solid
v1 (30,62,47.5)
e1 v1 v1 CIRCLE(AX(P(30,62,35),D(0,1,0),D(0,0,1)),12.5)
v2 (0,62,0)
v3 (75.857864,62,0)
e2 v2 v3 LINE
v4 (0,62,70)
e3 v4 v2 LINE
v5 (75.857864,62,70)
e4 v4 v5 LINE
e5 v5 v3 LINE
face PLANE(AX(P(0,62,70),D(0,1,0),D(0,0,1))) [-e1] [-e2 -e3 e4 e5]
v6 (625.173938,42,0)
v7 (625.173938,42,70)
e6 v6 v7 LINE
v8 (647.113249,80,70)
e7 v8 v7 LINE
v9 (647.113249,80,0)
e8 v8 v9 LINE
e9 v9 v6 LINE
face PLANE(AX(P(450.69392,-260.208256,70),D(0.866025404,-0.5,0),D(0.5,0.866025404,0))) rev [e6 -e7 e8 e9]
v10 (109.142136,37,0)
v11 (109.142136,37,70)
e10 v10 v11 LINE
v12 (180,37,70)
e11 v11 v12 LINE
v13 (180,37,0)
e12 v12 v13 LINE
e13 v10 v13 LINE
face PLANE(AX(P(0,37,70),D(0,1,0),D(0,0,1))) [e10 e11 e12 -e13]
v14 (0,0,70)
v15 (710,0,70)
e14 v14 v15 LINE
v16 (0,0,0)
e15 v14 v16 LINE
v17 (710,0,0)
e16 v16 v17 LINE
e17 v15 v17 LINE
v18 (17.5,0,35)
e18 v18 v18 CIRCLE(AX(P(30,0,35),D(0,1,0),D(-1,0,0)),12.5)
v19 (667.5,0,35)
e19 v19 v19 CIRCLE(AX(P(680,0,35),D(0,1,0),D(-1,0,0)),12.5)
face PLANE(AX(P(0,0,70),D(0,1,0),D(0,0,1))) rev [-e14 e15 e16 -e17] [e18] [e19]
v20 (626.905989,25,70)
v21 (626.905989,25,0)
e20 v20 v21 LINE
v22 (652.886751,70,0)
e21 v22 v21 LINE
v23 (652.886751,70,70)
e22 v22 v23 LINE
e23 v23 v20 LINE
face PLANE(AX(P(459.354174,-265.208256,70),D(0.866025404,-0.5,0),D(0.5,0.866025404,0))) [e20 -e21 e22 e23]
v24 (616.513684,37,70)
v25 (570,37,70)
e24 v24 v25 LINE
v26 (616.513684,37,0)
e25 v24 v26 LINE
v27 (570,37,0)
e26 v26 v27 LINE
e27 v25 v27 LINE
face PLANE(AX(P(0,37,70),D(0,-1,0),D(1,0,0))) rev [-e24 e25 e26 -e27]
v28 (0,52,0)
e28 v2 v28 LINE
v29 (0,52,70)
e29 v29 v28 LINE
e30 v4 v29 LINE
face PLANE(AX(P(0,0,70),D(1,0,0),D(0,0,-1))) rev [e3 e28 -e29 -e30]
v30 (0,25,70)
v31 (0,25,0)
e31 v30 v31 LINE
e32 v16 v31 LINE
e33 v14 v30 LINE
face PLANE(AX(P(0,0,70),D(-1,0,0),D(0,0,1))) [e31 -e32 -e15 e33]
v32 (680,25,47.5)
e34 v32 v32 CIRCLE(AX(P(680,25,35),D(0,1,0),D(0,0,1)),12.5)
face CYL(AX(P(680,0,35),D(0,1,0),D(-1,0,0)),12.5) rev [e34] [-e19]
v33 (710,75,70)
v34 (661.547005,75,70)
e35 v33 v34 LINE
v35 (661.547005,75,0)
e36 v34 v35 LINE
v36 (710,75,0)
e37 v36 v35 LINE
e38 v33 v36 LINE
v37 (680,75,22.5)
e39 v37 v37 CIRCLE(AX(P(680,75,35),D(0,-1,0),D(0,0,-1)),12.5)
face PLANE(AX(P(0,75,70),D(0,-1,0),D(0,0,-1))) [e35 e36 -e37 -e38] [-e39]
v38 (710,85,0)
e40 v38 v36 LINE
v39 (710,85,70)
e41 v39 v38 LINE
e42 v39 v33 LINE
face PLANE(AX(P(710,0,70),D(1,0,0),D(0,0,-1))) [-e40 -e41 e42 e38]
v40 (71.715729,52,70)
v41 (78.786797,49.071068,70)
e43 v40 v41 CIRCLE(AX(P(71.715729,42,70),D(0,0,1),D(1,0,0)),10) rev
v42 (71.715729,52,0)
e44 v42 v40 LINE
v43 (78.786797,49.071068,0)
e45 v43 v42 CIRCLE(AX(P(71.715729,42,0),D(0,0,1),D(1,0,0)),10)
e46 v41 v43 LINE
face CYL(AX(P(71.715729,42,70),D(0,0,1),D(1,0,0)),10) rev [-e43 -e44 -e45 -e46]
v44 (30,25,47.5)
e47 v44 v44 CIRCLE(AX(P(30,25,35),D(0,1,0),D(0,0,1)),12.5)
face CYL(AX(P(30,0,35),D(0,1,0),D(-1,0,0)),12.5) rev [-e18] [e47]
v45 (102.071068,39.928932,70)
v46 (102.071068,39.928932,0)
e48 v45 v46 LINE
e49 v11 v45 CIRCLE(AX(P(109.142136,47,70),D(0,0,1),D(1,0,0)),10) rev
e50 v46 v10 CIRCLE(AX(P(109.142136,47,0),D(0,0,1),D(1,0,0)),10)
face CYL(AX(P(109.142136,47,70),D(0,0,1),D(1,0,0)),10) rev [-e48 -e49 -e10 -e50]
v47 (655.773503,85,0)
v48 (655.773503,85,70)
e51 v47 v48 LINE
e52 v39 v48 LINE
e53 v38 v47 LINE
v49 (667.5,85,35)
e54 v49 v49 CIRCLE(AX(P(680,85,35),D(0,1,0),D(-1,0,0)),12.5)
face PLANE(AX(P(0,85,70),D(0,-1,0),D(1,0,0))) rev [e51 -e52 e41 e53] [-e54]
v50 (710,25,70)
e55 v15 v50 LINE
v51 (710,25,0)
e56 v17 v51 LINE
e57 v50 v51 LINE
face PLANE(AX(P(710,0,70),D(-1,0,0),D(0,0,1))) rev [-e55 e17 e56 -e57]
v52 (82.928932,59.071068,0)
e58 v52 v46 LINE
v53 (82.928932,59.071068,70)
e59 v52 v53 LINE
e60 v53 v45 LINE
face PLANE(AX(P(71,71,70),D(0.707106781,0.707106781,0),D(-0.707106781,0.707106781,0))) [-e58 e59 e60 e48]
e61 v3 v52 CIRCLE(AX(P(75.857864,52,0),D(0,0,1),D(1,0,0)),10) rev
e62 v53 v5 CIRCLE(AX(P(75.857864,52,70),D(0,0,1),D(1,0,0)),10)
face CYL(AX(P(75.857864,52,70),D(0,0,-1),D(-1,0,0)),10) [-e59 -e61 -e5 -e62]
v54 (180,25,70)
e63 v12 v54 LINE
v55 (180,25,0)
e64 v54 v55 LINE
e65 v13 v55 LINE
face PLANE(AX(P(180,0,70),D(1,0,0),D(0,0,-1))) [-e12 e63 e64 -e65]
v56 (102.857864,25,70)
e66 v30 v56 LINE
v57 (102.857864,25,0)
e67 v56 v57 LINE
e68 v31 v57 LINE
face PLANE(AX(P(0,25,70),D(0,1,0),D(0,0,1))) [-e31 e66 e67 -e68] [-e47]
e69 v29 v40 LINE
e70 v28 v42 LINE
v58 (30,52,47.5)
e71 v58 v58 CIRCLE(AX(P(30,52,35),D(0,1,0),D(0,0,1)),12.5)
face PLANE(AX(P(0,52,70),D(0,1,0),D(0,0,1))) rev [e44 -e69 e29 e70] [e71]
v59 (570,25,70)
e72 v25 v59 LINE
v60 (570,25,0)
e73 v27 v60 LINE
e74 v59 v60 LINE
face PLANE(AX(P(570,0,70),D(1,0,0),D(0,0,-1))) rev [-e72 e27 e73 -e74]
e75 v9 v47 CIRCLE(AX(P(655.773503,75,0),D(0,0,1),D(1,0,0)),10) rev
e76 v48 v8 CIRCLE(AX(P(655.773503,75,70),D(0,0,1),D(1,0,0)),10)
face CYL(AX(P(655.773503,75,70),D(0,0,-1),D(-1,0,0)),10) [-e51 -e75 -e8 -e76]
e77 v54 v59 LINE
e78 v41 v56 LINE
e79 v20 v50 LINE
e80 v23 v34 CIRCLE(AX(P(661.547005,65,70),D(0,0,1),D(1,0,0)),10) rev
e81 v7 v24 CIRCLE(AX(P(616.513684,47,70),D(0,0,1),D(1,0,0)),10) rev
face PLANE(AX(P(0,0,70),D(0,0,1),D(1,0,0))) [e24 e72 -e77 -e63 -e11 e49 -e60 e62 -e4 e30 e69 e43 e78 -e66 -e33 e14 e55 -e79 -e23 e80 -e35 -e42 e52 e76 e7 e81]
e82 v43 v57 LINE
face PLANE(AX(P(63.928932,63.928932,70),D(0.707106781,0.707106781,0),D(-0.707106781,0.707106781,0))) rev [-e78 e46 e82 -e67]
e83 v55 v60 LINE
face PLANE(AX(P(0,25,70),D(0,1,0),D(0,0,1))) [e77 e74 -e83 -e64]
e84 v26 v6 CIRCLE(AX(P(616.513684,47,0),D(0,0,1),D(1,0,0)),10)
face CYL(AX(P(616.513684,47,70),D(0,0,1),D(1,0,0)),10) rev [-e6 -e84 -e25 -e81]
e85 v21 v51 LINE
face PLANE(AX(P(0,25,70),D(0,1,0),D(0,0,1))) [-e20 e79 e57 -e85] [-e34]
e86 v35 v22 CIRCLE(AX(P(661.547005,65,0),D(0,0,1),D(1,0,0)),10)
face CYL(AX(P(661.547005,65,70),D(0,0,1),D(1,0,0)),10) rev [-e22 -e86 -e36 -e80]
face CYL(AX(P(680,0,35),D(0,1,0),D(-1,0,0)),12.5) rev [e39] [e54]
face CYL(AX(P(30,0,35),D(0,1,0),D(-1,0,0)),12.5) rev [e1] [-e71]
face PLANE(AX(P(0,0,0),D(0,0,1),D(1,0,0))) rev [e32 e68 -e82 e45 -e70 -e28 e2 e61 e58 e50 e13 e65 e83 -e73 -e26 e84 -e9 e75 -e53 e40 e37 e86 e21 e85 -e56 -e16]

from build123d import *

# Parameters (mm, degrees)
BOSS_EXTRUDE1_DEPTH = 70
FILLET1_R           = 10
FILLET2_R           = 10
SKETCH2_R           = 12.5
CUT_EXTRUDE1_DEPTH  = 86


with BuildPart() as part:
    # Sketch1 → Boss-Extrude1 (new body)
    with BuildSketch(Plane.XY):
        Polygon((0, 62), (0, 52), (75.857864376, 52), (102.857864376, 25), (0, 25), (0, 0), (710, 0), (710, 25), (626.905989232, 25), (655.773502692, 75), (710, 75), (710, 85), (650, 85), (622.287187079, 37), (570, 37), (570, 25), (180, 25), (180, 37), (105, 37), (80, 62), align=None)
    extrude(amount=BOSS_EXTRUDE1_DEPTH)

    # Fillet1
    fillet1_edges = [part.edges().sort_by_distance(p)[0] for p in [
        (80, 62, 35),
        (105, 37, 35),
        (650, 85, 35),
        (622.287187079, 37, 35),
    ]]
    fillet(fillet1_edges, radius=FILLET1_R)

    # Fillet2
    fillet2_edges = [part.edges().sort_by_distance(p)[0] for p in [
        (75.857864376, 52, 35),
        (655.773502692, 75, 35),
    ]]
    fillet(fillet2_edges, radius=FILLET2_R)

    # Sketch2 → Cut-Extrude1 (cut, through all)
    with BuildSketch(Plane(origin=(0, 85, 0), x_dir=(1, 0, 0), z_dir=(0, 1, 0))):
        with Locations((680, -35)):
            Circle(SKETCH2_R)
        with Locations((30, -35)):
            Circle(SKETCH2_R)
    extrude(amount=-CUT_EXTRUDE1_DEPTH, mode=Mode.SUBTRACT)


solid = part.part
